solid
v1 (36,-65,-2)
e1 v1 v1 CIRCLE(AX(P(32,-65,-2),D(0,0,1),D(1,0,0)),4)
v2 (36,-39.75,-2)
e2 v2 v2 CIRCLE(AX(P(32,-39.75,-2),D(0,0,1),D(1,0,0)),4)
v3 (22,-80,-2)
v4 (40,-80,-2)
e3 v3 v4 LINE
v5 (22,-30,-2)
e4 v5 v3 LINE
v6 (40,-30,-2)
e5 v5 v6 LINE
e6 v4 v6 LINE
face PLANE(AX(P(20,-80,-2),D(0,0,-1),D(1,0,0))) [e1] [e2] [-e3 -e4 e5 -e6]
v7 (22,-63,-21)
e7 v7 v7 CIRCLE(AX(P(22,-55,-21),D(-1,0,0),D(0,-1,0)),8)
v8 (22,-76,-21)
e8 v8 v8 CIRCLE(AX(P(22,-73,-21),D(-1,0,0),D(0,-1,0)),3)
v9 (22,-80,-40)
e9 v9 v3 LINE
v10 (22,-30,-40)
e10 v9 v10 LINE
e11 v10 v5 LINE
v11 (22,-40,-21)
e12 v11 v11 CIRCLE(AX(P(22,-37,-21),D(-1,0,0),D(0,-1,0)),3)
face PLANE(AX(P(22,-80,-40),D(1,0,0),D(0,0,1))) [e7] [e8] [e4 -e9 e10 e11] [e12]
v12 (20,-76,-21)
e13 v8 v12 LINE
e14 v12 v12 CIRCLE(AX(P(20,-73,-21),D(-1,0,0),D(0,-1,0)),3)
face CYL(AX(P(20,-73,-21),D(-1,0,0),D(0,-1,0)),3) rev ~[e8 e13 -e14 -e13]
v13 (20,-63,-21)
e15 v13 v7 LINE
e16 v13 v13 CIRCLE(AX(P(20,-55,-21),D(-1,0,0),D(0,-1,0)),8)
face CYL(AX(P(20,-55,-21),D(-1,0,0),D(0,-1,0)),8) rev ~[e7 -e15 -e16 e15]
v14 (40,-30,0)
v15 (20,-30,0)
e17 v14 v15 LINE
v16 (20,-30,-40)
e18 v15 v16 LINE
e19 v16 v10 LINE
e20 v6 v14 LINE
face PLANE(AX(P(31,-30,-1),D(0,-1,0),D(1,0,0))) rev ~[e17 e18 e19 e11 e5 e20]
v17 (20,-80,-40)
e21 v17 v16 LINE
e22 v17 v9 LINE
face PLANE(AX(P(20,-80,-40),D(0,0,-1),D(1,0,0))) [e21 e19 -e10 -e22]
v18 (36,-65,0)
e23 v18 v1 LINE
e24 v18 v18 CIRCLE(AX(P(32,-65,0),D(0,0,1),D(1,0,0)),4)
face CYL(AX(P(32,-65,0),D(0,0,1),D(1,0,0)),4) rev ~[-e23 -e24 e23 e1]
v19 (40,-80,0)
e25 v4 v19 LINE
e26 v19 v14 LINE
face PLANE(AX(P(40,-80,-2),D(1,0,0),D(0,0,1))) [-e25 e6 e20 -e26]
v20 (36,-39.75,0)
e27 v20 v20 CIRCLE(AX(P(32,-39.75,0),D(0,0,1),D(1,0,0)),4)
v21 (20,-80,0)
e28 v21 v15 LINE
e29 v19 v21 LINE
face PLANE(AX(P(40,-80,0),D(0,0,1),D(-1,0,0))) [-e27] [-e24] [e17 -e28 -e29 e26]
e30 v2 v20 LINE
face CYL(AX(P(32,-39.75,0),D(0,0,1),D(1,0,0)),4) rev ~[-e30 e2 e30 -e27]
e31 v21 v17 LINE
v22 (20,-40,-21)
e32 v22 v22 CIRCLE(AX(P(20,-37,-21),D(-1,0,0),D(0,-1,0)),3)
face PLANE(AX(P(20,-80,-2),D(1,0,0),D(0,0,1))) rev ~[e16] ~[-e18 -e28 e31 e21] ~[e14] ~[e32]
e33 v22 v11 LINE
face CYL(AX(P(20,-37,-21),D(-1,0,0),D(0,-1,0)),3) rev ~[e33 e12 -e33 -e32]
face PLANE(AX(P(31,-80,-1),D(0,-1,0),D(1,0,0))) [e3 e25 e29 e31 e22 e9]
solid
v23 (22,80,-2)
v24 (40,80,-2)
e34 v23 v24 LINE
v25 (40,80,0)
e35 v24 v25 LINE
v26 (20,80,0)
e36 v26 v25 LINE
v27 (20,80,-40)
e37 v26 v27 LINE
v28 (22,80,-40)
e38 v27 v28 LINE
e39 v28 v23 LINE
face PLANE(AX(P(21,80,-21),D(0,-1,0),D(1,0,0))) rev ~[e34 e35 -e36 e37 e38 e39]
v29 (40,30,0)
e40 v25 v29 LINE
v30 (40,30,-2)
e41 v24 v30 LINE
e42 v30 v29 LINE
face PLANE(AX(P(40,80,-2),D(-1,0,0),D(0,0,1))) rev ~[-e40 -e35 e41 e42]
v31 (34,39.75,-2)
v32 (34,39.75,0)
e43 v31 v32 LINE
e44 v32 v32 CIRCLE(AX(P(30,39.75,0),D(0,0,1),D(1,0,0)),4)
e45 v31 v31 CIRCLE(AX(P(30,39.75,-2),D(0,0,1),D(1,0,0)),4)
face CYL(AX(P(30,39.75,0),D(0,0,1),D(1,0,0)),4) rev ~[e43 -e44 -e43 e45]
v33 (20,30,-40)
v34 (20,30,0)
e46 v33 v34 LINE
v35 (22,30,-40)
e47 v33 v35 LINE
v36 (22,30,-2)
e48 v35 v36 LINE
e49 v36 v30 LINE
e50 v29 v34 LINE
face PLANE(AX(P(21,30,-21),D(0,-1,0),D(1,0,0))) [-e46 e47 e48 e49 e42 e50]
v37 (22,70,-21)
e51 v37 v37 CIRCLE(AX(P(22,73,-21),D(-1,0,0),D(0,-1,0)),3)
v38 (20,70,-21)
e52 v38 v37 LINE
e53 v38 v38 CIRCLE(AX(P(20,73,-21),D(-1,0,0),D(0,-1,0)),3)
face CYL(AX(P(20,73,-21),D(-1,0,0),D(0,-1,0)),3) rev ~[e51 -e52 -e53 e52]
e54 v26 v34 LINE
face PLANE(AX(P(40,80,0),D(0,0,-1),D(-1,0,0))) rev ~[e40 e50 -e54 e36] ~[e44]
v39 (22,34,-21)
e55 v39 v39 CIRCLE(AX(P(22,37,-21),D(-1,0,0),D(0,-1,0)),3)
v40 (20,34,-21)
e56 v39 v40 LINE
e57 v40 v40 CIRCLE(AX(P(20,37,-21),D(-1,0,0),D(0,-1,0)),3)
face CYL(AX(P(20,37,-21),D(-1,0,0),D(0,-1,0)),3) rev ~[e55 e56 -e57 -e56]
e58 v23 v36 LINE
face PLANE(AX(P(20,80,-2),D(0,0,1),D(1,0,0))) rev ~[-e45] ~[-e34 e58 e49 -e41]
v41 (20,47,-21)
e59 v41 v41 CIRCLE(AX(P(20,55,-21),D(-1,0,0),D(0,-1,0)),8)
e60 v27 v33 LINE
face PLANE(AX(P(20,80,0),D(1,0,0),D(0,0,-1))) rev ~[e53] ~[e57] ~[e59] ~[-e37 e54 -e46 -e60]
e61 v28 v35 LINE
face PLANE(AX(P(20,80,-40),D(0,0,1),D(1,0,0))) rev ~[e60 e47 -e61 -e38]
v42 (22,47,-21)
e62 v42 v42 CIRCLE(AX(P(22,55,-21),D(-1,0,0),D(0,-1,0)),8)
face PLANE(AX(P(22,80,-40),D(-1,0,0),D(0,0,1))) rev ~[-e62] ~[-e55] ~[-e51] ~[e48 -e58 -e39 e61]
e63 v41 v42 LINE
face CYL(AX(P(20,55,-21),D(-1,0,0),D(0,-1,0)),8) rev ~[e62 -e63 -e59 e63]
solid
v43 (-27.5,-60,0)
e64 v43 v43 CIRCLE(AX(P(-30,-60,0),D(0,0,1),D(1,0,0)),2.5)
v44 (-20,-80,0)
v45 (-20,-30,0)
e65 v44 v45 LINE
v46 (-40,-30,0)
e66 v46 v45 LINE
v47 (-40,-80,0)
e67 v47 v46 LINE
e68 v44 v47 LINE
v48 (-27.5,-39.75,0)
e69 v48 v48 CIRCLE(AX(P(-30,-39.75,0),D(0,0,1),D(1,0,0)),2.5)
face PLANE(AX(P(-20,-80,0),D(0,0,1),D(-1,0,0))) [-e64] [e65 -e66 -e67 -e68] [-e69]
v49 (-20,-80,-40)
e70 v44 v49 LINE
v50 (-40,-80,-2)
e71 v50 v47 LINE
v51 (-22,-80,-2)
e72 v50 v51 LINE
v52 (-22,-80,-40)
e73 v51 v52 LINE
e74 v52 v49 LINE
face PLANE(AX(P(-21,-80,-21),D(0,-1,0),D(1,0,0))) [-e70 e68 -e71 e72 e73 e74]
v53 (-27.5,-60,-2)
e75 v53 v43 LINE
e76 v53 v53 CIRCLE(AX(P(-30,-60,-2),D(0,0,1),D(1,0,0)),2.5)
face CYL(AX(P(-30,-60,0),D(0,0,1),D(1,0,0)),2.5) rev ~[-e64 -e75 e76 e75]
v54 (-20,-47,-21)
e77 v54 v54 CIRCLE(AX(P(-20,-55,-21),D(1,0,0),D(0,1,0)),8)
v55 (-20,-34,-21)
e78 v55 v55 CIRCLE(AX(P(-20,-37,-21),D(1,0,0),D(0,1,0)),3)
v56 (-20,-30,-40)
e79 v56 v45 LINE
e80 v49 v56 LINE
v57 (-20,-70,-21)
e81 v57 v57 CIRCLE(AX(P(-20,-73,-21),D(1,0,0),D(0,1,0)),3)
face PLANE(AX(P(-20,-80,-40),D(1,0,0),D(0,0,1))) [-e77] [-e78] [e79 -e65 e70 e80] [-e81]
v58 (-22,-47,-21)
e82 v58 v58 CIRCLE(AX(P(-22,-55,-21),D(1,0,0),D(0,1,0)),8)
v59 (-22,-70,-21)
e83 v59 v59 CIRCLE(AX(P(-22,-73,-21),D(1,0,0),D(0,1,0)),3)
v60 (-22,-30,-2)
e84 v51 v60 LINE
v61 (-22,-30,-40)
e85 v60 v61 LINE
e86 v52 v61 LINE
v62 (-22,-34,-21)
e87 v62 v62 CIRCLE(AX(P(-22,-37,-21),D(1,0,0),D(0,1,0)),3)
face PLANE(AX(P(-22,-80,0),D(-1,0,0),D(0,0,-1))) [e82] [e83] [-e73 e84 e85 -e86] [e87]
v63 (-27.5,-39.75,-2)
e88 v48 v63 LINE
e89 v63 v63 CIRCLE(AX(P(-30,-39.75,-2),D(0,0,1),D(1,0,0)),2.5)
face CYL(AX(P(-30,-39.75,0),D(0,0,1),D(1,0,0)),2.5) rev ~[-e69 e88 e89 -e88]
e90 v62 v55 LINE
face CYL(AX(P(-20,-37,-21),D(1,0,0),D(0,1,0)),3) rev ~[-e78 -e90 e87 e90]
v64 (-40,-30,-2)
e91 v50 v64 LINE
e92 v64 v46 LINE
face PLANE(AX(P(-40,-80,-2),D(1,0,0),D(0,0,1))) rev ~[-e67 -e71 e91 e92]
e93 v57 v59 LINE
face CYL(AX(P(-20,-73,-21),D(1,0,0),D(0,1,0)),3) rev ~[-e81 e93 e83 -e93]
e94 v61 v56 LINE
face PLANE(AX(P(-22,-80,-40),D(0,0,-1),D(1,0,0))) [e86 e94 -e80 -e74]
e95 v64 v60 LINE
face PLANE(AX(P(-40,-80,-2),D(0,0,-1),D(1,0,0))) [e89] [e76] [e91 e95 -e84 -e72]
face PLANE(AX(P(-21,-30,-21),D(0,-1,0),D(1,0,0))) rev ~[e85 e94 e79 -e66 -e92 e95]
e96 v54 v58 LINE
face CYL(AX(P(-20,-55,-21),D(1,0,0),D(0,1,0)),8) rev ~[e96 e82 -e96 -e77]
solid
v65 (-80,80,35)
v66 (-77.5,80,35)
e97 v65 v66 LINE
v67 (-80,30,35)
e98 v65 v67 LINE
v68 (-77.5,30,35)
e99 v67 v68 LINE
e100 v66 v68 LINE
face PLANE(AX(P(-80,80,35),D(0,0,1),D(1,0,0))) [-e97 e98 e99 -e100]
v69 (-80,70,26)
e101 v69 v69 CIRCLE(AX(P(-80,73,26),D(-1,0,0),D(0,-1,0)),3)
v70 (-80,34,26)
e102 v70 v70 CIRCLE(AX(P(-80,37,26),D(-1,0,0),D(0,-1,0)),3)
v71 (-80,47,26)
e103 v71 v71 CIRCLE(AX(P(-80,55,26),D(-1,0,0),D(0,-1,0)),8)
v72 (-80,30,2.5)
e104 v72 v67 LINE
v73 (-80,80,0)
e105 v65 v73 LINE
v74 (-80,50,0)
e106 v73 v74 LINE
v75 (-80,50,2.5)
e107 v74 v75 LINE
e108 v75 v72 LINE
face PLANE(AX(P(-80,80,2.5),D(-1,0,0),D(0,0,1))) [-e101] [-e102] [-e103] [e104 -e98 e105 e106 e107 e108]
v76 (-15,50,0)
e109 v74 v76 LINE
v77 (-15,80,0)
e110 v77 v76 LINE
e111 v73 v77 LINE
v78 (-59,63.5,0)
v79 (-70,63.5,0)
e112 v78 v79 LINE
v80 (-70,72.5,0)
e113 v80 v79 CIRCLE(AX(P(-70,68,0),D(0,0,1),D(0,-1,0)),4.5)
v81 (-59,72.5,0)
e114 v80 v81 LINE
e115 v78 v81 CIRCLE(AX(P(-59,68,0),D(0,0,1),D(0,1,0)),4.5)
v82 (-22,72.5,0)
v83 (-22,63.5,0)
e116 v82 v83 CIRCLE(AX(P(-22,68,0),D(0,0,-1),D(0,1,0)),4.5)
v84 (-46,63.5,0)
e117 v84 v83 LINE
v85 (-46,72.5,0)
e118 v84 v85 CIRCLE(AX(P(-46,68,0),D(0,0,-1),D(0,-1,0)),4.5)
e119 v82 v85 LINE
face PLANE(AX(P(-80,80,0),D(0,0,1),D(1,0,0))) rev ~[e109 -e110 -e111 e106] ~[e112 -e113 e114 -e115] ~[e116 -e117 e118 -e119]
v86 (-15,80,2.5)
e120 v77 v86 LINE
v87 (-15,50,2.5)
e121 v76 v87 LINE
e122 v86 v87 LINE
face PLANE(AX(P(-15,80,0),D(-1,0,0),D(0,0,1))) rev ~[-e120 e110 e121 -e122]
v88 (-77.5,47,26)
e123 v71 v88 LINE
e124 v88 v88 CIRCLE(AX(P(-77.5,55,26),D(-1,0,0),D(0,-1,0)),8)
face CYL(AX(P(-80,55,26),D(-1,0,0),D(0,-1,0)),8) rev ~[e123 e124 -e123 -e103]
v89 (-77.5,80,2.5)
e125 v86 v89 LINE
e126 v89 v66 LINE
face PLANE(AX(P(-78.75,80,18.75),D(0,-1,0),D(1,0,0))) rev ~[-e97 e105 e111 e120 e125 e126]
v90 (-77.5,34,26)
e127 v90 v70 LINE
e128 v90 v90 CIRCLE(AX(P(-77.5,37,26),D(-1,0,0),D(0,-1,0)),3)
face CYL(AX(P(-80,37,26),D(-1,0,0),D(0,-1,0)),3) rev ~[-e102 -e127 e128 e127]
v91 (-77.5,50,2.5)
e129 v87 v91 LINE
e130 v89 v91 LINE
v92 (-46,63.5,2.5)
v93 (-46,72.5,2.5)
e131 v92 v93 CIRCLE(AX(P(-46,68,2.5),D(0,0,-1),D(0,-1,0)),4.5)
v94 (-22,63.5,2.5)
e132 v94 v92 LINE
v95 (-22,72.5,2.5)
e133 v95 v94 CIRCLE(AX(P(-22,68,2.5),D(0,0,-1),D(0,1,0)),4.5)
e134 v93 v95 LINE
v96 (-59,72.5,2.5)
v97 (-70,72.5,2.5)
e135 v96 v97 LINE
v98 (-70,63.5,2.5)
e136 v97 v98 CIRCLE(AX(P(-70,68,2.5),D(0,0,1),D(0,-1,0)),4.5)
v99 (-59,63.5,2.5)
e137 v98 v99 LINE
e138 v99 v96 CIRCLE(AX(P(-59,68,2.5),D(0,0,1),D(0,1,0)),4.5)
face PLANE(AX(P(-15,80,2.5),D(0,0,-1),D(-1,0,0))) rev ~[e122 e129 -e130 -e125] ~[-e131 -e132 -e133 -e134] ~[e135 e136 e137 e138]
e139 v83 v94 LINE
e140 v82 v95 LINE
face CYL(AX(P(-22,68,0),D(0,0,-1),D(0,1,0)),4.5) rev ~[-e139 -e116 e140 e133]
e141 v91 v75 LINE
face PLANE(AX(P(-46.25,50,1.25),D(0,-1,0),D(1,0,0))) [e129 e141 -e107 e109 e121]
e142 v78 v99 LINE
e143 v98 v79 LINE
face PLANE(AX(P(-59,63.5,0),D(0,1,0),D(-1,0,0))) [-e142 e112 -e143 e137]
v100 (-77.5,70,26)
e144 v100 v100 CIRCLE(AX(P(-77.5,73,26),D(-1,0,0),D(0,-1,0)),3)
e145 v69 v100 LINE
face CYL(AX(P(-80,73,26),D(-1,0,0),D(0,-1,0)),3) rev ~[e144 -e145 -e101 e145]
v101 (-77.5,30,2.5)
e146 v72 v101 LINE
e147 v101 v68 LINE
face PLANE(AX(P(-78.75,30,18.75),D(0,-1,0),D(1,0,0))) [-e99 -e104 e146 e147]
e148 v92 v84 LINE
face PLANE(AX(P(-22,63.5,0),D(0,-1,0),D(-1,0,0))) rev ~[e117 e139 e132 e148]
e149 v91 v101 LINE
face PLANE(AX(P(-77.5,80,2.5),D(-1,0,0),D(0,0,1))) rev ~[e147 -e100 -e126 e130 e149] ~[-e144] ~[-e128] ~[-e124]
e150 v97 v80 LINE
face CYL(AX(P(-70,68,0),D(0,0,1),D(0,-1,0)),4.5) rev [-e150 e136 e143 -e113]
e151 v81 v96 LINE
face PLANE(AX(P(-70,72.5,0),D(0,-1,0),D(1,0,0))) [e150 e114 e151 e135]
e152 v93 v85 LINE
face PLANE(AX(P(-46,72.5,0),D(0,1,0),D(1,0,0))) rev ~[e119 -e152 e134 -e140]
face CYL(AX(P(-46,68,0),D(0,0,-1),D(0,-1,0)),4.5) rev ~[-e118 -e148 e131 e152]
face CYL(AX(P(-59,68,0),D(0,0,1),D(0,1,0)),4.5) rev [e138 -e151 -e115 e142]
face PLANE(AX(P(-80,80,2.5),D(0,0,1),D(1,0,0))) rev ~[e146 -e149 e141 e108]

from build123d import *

# Parameters (mm, degrees)
F2_W      = 18
F2_H      = 2
F2_W_2    = 2
F3_DEPTH  = 50
F2_H_2    = 38
F4_DEPTH  = 50
F5_R      = 3
F5_R_2    = 8
F7_DEPTH  = 5
F6_R      = 2.5
F8_DEPTH  = 5
F9_W      = 18
F9_H      = 2
F9_W_2    = 2
F10_DEPTH = 50
F9_H_2    = 38
F11_DEPTH = 50
F12_R     = 3
F12_R_2   = 8
F14_DEPTH = 5
F13_R     = 4
F15_DEPTH = 5
F16_W     = 62.5
F16_H     = 2.5
F16_W_2   = 2.5
F17_DEPTH = 30
F16_H_2   = 32.5
F18_DEPTH = 50
F19_R     = 3
F19_R_2   = 8
F21_DEPTH = 5
F22_DEPTH = 5
F23_W     = 18
F23_H     = 2
F23_W_2   = 2
F24_DEPTH = 50
F23_H_2   = 38
F25_DEPTH = 50
F26_R     = 3
F26_R_2   = 8
F28_DEPTH = 5
F27_R     = 4
F29_DEPTH = 5


with BuildPart() as f3:
    # F2 (on offset) → F3 (new body)
    with BuildSketch(Plane.XZ.offset(80)):
        with Locations((-31, -1)):
            Rectangle(F2_W, F2_H)
        with Locations((-21, -1)):
            Rectangle(F2_W_2, F2_H)
    extrude(amount=-F3_DEPTH)

    # F2 (on offset) → F4 (join)
    with BuildSketch(Plane.XZ.offset(80)):
        with Locations((-21, -21)):
            Rectangle(F2_W_2, F2_H_2)
        with Locations((-21, -1)):
            Rectangle(F2_W_2, F2_H)
    extrude(amount=-F4_DEPTH)

    # F5 (on face) → F7 (cut, symmetric)
    with BuildSketch(Plane.YZ.offset(-20)):
        with Locations((-73, -21)):
            Circle(F5_R)
        with Locations((-55, -21)):
            Circle(F5_R_2)
        with Locations((-37, -21)):
            Circle(F5_R)
    extrude(amount=F7_DEPTH, both=True, mode=Mode.SUBTRACT)

    # F6 (on face) → F8 (cut, symmetric)
    with BuildSketch(Plane.XY):
        with Locations((-30, -39.75)):
            Circle(F6_R)
        with Locations((-30, -60)):
            Circle(F6_R)
    extrude(amount=F8_DEPTH, both=True, mode=Mode.SUBTRACT)


with BuildPart() as f10:
    # F9 (on offset) → F10 (new body)
    with BuildSketch(Plane.XZ.offset(80)):
        with Locations((31, -1)):
            Rectangle(F9_W, F9_H)
        with Locations((21, -1)):
            Rectangle(F9_W_2, F9_H)
    extrude(amount=-F10_DEPTH)

    # F9 (on offset) → F11 (join)
    with BuildSketch(Plane.XZ.offset(80)):
        with Locations((21, -1)):
            Rectangle(F9_W_2, F9_H)
        with Locations((21, -21)):
            Rectangle(F9_W_2, F9_H_2)
    extrude(amount=-F11_DEPTH)

    # F12 (on face) → F14 (cut, symmetric)
    with BuildSketch(Plane(origin=(20, 0, 0), x_dir=(0, -1, 0), z_dir=(-1, 0, 0))):
        with Locations((37, -21)):
            Circle(F12_R)
        with Locations((55, -21)):
            Circle(F12_R_2)
        with Locations((73, -21)):
            Circle(F12_R)
    extrude(amount=F14_DEPTH, both=True, mode=Mode.SUBTRACT)

    # F13 (on face) → F15 (cut, symmetric)
    with BuildSketch(Plane.XY):
        with Locations((32, -65)):
            Circle(F13_R)
        with Locations((32, -39.75)):
            Circle(F13_R)
    extrude(amount=F15_DEPTH, both=True, mode=Mode.SUBTRACT)


with BuildPart() as f17:
    # F16 (on offset) → F17 (new body)
    with BuildSketch(Plane.XZ.offset(-80)):
        with Locations((-46.25, 1.25)):
            Rectangle(F16_W, F16_H)
        with Locations((-78.75, 1.25)):
            Rectangle(F16_W_2, F16_H)
    extrude(amount=F17_DEPTH)

    # F16 (on offset) → F18 (join)
    with BuildSketch(Plane.XZ.offset(-80)):
        with Locations((-78.75, 18.75)):
            Rectangle(F16_W_2, F16_H_2)
    extrude(amount=F18_DEPTH)

    # F19 (on face) → F21 (cut, symmetric)
    with BuildSketch(Plane(origin=(-80, 0, 0), x_dir=(0, -1, 0), z_dir=(-1, 0, 0))):
        with Locations((-73, 26)):
            Circle(F19_R)
        with Locations((-55, 26)):
            Circle(F19_R_2)
        with Locations((-37, 26)):
            Circle(F19_R)
    extrude(amount=F21_DEPTH, both=True, mode=Mode.SUBTRACT)

    # F20 (on face) → F22 (cut, symmetric)
    with BuildSketch(Plane(origin=(0, 0, 0), x_dir=(1, 0, 0), z_dir=(0, 0, -1))):
        with BuildLine():
            Line((-59, -63.5), (-70, -63.5))
            ThreePointArc((-70, -63.5), (-74.5, -68), (-70, -72.5))
            Line((-70, -72.5), (-59, -72.5))
            ThreePointArc((-59, -72.5), (-54.5, -68), (-59, -63.5))
        make_face()
        with BuildLine():
            Line((-22, -63.5), (-46, -63.5))
            ThreePointArc((-46, -63.5), (-50.5, -68), (-46, -72.5))
            Line((-46, -72.5), (-22, -72.5))
            ThreePointArc((-22, -72.5), (-17.5, -68), (-22, -63.5))
        make_face()
    extrude(amount=F22_DEPTH, both=True, mode=Mode.SUBTRACT)


with BuildPart() as f24:
    # F23 (on offset) → F24 (new body)
    with BuildSketch(Plane.XZ.offset(-80)):
        with Locations((31, -1)):
            Rectangle(F23_W, F23_H)
        with Locations((21, -1)):
            Rectangle(F23_W_2, F23_H)
    extrude(amount=F24_DEPTH)

    # F23 (on offset) → F25 (join)
    with BuildSketch(Plane.XZ.offset(-80)):
        with Locations((21, -21)):
            Rectangle(F23_W_2, F23_H_2)
        with Locations((21, -1)):
            Rectangle(F23_W_2, F23_H)
    extrude(amount=F25_DEPTH)

    # F26 (on face) → F28 (cut, symmetric)
    with BuildSketch(Plane(origin=(20, 0, 0), x_dir=(0, -1, 0), z_dir=(-1, 0, 0))):
        with Locations((-73, -21)):
            Circle(F26_R)
        with Locations((-55, -21)):
            Circle(F26_R_2)
        with Locations((-37, -21)):
            Circle(F26_R)
    extrude(amount=F28_DEPTH, both=True, mode=Mode.SUBTRACT)

    # F27 (on face) → F29 (cut, symmetric)
    with BuildSketch(Plane.XY):
        with Locations((30, 39.75)):
            Circle(F27_R)
    extrude(amount=F29_DEPTH, both=True, mode=Mode.SUBTRACT)


solid = Compound([f3.part, f10.part, f17.part, f24.part])
